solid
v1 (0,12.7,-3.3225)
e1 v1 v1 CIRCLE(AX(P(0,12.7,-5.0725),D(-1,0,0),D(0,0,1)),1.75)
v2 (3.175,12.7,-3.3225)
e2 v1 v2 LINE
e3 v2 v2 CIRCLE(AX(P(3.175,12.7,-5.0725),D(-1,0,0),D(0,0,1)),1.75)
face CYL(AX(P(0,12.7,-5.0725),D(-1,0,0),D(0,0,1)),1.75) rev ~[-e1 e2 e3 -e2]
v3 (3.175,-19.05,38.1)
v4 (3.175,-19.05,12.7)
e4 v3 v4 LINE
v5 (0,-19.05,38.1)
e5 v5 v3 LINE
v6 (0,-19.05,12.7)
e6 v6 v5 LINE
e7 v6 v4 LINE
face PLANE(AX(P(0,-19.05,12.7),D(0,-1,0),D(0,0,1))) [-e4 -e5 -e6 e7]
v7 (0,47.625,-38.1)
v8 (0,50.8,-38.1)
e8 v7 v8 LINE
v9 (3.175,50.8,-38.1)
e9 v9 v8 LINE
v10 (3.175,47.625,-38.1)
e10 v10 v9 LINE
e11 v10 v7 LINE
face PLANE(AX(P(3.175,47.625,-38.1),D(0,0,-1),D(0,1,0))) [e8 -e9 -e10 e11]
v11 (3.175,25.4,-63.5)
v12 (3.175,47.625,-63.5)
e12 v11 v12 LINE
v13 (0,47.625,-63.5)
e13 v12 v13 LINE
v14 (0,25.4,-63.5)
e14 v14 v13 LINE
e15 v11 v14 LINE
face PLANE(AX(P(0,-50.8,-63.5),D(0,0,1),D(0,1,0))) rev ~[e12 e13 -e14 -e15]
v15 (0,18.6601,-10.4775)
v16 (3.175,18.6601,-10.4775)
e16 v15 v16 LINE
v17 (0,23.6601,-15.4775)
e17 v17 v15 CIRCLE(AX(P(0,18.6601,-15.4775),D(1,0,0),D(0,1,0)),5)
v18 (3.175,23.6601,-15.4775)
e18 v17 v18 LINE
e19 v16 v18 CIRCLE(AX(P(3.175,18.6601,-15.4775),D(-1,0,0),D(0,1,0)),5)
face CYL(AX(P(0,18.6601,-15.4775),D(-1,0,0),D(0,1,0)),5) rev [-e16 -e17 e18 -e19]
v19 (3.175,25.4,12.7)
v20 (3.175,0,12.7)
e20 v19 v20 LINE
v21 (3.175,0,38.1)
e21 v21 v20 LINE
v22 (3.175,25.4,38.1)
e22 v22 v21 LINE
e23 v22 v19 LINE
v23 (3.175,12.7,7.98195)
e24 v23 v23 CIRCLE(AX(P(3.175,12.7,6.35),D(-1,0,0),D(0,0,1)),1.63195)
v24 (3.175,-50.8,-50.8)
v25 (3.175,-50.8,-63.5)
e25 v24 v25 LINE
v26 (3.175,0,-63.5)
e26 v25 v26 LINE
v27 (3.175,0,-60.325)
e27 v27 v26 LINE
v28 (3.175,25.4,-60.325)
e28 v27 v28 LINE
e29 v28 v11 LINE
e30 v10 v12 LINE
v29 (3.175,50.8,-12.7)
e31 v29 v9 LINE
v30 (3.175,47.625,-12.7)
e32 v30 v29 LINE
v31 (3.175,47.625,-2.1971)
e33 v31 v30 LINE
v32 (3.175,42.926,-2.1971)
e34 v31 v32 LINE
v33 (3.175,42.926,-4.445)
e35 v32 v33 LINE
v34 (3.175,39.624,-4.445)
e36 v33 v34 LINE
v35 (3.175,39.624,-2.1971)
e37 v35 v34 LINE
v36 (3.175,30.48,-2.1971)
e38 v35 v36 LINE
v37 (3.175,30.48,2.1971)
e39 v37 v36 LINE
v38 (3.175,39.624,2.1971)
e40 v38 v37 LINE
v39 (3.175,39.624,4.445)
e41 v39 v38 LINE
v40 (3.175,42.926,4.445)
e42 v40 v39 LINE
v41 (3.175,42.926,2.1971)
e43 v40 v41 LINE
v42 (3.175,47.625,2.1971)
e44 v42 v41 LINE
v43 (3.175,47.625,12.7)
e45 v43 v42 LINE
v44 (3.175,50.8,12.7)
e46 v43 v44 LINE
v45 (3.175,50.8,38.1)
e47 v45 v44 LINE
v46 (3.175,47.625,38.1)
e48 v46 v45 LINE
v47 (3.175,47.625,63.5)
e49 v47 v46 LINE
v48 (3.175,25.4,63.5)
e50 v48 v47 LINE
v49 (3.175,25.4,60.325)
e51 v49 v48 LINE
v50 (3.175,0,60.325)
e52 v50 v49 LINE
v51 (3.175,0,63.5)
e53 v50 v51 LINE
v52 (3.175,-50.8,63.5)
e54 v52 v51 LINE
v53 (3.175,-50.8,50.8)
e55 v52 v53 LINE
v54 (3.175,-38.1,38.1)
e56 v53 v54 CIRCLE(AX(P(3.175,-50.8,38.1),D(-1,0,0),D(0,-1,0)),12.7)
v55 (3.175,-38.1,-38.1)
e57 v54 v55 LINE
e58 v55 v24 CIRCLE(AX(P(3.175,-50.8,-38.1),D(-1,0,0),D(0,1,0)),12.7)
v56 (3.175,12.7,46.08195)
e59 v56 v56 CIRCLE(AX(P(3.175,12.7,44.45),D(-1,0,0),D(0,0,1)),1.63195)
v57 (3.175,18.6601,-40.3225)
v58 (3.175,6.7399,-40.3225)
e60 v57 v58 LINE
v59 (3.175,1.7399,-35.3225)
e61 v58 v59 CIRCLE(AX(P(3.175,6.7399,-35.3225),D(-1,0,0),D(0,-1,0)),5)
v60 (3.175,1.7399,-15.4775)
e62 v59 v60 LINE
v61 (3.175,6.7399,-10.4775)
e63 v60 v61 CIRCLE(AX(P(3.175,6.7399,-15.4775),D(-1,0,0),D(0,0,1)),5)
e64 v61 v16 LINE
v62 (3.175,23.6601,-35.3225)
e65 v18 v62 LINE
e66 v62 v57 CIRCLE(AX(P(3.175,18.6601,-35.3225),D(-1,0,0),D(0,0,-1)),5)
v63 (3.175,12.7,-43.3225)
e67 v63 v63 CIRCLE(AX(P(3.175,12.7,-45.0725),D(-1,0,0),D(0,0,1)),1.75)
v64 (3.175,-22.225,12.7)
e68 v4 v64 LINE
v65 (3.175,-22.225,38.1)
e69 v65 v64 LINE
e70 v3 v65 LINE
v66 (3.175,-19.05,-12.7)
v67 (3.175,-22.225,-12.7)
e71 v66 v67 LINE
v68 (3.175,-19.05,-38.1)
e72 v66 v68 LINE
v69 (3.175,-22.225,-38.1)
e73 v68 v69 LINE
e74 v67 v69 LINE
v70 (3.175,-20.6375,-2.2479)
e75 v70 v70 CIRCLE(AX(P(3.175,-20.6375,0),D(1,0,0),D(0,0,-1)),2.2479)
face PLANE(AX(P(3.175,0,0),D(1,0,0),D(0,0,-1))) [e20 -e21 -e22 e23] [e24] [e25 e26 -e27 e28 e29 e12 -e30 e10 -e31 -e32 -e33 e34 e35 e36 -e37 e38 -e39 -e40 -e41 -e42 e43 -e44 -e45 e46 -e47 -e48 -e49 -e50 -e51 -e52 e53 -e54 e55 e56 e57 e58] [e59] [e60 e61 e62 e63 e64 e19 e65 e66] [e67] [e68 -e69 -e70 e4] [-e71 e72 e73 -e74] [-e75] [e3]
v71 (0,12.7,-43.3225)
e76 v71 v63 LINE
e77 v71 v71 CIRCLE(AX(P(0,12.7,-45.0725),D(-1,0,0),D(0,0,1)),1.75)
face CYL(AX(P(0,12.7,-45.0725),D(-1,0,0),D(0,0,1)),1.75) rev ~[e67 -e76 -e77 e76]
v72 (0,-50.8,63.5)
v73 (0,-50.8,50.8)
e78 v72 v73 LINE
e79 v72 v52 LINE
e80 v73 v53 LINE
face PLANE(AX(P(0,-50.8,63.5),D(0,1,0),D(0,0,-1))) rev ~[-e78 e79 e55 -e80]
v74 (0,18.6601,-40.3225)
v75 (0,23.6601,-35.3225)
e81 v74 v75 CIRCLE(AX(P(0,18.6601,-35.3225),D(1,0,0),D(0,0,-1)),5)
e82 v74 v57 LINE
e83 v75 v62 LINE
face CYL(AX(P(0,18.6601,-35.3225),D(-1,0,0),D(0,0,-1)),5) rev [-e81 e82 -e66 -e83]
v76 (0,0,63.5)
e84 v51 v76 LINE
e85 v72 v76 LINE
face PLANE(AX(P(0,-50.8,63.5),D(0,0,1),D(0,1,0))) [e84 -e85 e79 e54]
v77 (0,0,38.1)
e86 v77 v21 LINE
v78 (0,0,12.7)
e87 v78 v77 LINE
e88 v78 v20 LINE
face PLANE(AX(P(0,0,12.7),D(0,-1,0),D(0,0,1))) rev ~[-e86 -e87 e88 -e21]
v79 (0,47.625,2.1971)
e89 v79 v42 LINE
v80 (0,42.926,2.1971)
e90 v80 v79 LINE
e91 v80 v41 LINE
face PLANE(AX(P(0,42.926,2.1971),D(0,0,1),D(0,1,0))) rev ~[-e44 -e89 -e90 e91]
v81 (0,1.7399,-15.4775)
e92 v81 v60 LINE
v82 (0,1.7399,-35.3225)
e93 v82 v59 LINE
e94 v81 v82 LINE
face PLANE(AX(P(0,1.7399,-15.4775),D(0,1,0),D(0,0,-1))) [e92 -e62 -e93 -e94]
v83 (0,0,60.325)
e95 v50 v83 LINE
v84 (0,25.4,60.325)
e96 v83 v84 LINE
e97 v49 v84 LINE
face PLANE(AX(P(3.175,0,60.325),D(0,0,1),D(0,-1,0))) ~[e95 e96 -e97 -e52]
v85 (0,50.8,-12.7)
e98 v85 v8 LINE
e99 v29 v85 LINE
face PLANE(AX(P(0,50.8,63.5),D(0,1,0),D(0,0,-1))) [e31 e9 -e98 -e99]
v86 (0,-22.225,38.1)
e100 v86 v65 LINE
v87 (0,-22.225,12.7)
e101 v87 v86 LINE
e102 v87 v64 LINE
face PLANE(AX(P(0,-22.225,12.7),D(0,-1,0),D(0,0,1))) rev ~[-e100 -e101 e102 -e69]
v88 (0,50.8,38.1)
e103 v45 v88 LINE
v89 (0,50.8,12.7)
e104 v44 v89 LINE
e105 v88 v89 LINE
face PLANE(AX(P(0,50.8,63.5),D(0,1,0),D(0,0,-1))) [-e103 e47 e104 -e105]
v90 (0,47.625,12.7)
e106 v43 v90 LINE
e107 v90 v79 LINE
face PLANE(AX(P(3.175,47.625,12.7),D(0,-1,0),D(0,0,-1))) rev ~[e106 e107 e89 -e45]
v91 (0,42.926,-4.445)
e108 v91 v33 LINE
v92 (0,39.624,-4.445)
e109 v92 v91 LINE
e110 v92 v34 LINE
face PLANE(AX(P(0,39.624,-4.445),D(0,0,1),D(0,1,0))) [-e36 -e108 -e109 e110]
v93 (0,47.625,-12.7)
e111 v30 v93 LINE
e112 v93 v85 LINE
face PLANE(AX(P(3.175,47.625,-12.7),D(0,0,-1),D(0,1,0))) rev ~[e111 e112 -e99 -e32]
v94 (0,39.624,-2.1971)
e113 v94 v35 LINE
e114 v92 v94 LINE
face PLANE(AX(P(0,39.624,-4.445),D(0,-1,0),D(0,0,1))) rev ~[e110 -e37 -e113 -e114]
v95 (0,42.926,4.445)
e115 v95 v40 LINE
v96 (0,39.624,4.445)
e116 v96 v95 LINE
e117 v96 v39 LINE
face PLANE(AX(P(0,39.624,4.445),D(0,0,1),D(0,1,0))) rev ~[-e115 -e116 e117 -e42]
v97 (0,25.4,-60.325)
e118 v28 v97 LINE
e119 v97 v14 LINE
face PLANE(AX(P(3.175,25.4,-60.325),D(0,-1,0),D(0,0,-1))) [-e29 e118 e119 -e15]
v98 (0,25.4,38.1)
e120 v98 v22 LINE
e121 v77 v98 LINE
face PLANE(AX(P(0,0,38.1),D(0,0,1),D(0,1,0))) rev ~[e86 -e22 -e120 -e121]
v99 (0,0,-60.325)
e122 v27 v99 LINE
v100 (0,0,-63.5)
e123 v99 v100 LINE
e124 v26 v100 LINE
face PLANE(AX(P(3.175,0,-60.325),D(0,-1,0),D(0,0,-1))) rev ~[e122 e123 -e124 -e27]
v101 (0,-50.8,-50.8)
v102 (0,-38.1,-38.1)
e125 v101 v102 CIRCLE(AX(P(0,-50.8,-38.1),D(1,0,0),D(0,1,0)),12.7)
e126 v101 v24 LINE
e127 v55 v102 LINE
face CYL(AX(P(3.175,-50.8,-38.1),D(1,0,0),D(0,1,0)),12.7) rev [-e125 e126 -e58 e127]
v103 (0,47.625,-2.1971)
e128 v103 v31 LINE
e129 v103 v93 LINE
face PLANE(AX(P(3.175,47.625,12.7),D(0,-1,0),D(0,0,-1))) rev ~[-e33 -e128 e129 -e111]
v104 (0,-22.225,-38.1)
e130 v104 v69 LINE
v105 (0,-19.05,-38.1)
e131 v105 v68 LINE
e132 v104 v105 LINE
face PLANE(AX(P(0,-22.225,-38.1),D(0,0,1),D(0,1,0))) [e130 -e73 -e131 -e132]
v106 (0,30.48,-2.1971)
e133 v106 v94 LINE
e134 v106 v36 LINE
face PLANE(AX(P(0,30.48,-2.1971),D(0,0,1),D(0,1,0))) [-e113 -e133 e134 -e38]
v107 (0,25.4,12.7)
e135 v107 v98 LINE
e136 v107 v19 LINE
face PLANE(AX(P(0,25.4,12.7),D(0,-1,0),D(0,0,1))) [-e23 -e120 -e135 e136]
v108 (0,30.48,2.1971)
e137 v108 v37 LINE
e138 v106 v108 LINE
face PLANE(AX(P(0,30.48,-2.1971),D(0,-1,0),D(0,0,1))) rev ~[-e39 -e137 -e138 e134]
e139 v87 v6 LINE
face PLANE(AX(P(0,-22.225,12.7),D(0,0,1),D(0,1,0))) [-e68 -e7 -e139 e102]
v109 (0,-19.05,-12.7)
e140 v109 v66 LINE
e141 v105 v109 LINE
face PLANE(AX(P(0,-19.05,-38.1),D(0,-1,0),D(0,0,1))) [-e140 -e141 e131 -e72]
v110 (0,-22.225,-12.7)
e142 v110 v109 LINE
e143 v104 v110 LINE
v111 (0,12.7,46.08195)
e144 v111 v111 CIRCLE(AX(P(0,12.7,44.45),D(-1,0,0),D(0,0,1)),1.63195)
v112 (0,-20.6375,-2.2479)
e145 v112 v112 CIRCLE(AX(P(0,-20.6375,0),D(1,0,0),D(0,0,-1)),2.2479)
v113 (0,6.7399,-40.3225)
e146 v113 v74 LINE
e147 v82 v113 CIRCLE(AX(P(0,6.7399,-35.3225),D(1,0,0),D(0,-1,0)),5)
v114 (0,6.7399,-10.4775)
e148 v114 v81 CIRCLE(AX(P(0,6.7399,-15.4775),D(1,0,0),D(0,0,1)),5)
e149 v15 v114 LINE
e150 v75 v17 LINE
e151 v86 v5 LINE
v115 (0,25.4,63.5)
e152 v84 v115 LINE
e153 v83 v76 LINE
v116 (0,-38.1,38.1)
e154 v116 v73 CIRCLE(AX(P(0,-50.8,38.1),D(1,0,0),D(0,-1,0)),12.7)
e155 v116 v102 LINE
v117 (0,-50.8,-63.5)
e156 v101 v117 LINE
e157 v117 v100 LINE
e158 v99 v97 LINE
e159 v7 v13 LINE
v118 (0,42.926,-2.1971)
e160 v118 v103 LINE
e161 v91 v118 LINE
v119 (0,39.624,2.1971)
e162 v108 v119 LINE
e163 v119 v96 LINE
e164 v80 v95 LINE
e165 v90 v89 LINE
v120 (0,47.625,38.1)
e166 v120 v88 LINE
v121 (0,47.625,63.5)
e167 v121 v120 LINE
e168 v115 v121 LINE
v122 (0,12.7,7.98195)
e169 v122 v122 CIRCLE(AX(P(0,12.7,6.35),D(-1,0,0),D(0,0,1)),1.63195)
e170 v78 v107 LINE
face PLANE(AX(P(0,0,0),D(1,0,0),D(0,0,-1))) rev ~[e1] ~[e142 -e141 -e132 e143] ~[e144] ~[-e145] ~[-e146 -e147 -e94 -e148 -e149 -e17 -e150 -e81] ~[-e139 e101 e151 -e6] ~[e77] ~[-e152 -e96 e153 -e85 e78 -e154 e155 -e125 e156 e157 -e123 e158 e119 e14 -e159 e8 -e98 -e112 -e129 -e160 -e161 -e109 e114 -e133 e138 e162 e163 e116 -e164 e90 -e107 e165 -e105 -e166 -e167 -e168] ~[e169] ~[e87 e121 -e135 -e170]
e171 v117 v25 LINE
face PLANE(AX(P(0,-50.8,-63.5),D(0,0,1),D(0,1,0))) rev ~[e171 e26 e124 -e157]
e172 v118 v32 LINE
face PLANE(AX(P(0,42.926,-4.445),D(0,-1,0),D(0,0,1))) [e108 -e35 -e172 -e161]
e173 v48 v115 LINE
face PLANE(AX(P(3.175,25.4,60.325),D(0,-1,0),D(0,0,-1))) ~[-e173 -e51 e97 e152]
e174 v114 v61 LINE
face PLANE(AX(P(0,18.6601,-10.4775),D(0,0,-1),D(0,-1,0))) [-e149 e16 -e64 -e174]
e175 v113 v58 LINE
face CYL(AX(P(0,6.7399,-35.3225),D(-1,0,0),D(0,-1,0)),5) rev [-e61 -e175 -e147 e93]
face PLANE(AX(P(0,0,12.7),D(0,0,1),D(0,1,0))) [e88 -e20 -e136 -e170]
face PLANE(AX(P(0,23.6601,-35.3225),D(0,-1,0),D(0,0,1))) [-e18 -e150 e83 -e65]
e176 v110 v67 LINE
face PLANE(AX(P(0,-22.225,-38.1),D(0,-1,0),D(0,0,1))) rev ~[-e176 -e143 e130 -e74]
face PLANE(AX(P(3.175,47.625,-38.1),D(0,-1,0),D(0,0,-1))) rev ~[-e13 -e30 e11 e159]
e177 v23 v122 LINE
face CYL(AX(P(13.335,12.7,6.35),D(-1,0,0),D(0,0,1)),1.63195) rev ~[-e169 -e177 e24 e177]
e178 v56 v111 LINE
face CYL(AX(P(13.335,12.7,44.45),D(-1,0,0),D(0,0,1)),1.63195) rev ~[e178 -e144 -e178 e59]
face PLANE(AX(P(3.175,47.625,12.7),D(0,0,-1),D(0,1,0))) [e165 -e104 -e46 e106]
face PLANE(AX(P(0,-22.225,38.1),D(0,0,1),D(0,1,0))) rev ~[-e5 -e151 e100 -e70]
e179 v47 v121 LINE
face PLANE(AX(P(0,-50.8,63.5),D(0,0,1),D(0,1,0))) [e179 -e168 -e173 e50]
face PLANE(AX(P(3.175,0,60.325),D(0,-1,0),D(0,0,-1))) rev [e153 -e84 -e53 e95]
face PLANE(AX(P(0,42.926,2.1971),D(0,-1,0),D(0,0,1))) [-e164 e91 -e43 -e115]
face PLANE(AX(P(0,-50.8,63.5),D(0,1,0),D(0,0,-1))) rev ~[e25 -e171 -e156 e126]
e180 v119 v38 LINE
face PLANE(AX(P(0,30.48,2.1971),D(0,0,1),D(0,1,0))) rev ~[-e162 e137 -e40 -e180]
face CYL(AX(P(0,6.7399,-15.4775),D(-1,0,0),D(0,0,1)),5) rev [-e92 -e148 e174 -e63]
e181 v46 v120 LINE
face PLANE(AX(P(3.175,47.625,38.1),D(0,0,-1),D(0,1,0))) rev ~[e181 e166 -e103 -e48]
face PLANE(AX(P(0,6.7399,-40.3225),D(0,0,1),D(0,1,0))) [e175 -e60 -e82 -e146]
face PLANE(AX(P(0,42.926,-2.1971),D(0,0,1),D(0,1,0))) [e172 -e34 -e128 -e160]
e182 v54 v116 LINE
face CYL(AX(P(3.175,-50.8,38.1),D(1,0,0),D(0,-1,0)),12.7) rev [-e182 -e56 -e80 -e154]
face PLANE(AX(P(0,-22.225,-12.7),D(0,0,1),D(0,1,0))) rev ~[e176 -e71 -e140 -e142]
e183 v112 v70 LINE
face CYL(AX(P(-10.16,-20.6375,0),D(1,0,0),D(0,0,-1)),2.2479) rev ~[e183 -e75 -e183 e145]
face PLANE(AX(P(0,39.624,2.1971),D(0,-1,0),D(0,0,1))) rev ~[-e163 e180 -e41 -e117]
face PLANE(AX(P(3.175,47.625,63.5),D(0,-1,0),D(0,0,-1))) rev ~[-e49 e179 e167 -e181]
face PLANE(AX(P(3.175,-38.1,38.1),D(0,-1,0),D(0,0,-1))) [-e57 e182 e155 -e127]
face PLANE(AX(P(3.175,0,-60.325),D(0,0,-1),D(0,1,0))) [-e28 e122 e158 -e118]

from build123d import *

# Parameters (mm, degrees)
SKETCH1_W                 = 127
SKETCH1_H                 = 101.6
BOSS_EXTRUDE1_DEPTH       = 3.175
SKETCH2_W                 = 25.4
SKETCH2_H                 = 3.175
CUT_EXTRUDE1_DEPTH        = 6.35
LPATTERN1_COUNT           = 3
LPATTERN1_PITCH           = 50.8
CUT_EXTRUDE4_DEPTH        = 6.35
SKETCH8_W                 = 3.175
SKETCH8_H                 = 25.4
CUT_EXTRUDE6_DEPTH        = 6.35
SKETCH9_W                 = 25.4
SKETCH9_H                 = 3.175
CUT_EXTRUDE7_DEPTH        = 6.35
LPATTERN6_COUNT           = 2
LPATTERN6_PITCH           = 50.8
SKETCH16_W                = 4.3942
SKETCH16_H                = 17.145
SKETCH16_W_2              = 8.89
SKETCH16_H_2              = 3.302
CUT_EXTRUDE14_DEPTH       = 6.35
F_8_CLEARANCE_HOLE1_D     = 4.4958
F_8_CLEARANCE_HOLE1_DEPTH = 10.16
F_8_CLEARANCE_HOLE1_TIP   = 1.350674586
SKETCH20_R                = 1.75
CUT_EXTRUDE16_DEPTH       = 7.62
SKETCH25_W                = 25.4
SKETCH25_H                = 25.4
CUT_EXTRUDE20_DEPTH       = 7.62
F_4_CLEARANCE_HOLE1_D     = 3.2639
F_4_CLEARANCE_HOLE1_DEPTH = 10.16
F_4_CLEARANCE_HOLE1_TIP   = 0.980574487


with BuildPart() as part:
    # Sketch1 → Boss-Extrude1 (new body)
    with BuildSketch(Plane(origin=(0, 0, 0), x_dir=(0, 0, -1), z_dir=(1, 0, 0))):
        Rectangle(SKETCH1_W, SKETCH1_H)
    extrude(amount=BOSS_EXTRUDE1_DEPTH)

    # Sketch2 → Cut-Extrude1 (cut)
    with BuildSketch(Plane(origin=(3.175, 0, 0), x_dir=(0, 0, -1), z_dir=(1, 0, 0))):
        with Locations((-50.8, 49.2125)):
            Rectangle(SKETCH2_W, SKETCH2_H)
    cut_extrude1 = extrude(amount=-CUT_EXTRUDE1_DEPTH, mode=Mode.SUBTRACT)

    # LPattern1: Cut-Extrude1 ×3
    with Locations(*[(0, 0, -i * LPATTERN1_PITCH) for i in range(1, LPATTERN1_COUNT)]):
        add(cut_extrude1, mode=Mode.SUBTRACT)

    # Sketch5 → Cut-Extrude4 (cut)
    with BuildSketch(Plane(origin=(3.175, 0, 0), x_dir=(0, 0, -1), z_dir=(1, 0, 0))):
        with BuildLine():
            Line((-38.1, -38.1), (38.1, -38.1))
            ThreePointArc((38.1, -38.1), (50.8, -50.8), (38.1, -63.5))
            Line((38.1, -63.5), (-38.1, -63.5))
            ThreePointArc((-38.1, -63.5), (-50.8, -50.8), (-38.1, -38.1))
        make_face()
    extrude(amount=-CUT_EXTRUDE4_DEPTH, mode=Mode.SUBTRACT)

    # Sketch8 → Cut-Extrude6 (cut)
    with BuildSketch(Plane(origin=(3.175, 0, 0), x_dir=(0, 0, -1), z_dir=(1, 0, 0))):
        with Locations((61.9125, 12.7)):
            Rectangle(SKETCH8_W, SKETCH8_H)
    cut_extrude6 = extrude(amount=-CUT_EXTRUDE6_DEPTH, mode=Mode.SUBTRACT)

    # Sketch9 → Cut-Extrude7 (cut)
    with BuildSketch(Plane.ZY):
        with Locations((-25.4, -20.6375)):
            Rectangle(SKETCH9_W, SKETCH9_H)
    cut_extrude7 = extrude(amount=-CUT_EXTRUDE7_DEPTH, mode=Mode.SUBTRACT)

    # LPattern6: Cut-Extrude7 ×2
    with Locations(*[(0, 0, i * LPATTERN6_PITCH) for i in range(1, LPATTERN6_COUNT)]):
        add(cut_extrude7, mode=Mode.SUBTRACT)

    # Sketch16 → Cut-Extrude14 (cut)
    with BuildSketch(Plane.ZY):
        with Locations((0, 39.0525)):
            Rectangle(SKETCH16_W, SKETCH16_H)
        with Locations((0, 41.275)):
            Rectangle(SKETCH16_W_2, SKETCH16_H_2)
    extrude(amount=-CUT_EXTRUDE14_DEPTH, mode=Mode.SUBTRACT)

    # #8 Clearance Hole1
    with Locations(Plane.ZY):
        with Locations((0, -20.6375)):
            Hole(F_8_CLEARANCE_HOLE1_D / 2, depth=F_8_CLEARANCE_HOLE1_DEPTH)
            with Locations((0, 0, -(F_8_CLEARANCE_HOLE1_DEPTH + F_8_CLEARANCE_HOLE1_TIP / 2))):  # 118° drill point
                Cone(0, F_8_CLEARANCE_HOLE1_D / 2, F_8_CLEARANCE_HOLE1_TIP, mode=Mode.SUBTRACT)

    # Sketch20 → Cut-Extrude16 (cut)
    with BuildSketch(Plane.ZY):
        with Locations((-45.0725, 12.7)):
            Circle(SKETCH20_R)
        with Locations((-5.0725, 12.7)):
            Circle(SKETCH20_R)
        with BuildLine():
            Line((-35.3225, 23.6601), (-15.4775, 23.6601))
            ThreePointArc((-15.4775, 23.6601), (-11.941966094, 22.195633906), (-10.4775, 18.6601))
            Line((-10.4775, 18.6601), (-10.4775, 6.7399))
            ThreePointArc((-10.4775, 6.7399), (-11.941966094, 3.204366094), (-15.4775, 1.7399))
            Line((-15.4775, 1.7399), (-35.3225, 1.7399))
            ThreePointArc((-35.3225, 1.7399), (-38.858033906, 3.204366094), (-40.3225, 6.7399))
            Line((-40.3225, 6.7399), (-40.3225, 18.6601))
            ThreePointArc((-40.3225, 18.6601), (-38.858033906, 22.195633906), (-35.3225, 23.6601))
        make_face()
    extrude(amount=-CUT_EXTRUDE16_DEPTH, mode=Mode.SUBTRACT)

    # Sketch25 → Cut-Extrude20 (cut)
    with BuildSketch(Plane.ZY):
        with Locations((25.4, 12.7)):
            Rectangle(SKETCH25_W, SKETCH25_H)
    extrude(amount=-CUT_EXTRUDE20_DEPTH, mode=Mode.SUBTRACT)

    # Mirror3: Cut-Extrude6 across plane
    add(cut_extrude6.mirror(Plane.XY), mode=Mode.SUBTRACT)

    # #4 Clearance Hole1
    with Locations(Plane(origin=(3.175, 0, 0), x_dir=(0, 0, -1), z_dir=(1, 0, 0))):
        with Locations((-44.45, 12.7), (-6.35, 12.7)):
            Hole(F_4_CLEARANCE_HOLE1_D / 2, depth=F_4_CLEARANCE_HOLE1_DEPTH)
            with Locations((0, 0, -(F_4_CLEARANCE_HOLE1_DEPTH + F_4_CLEARANCE_HOLE1_TIP / 2))):  # 118° drill point
                Cone(0, F_4_CLEARANCE_HOLE1_D / 2, F_4_CLEARANCE_HOLE1_TIP, mode=Mode.SUBTRACT)


solid = part.part
